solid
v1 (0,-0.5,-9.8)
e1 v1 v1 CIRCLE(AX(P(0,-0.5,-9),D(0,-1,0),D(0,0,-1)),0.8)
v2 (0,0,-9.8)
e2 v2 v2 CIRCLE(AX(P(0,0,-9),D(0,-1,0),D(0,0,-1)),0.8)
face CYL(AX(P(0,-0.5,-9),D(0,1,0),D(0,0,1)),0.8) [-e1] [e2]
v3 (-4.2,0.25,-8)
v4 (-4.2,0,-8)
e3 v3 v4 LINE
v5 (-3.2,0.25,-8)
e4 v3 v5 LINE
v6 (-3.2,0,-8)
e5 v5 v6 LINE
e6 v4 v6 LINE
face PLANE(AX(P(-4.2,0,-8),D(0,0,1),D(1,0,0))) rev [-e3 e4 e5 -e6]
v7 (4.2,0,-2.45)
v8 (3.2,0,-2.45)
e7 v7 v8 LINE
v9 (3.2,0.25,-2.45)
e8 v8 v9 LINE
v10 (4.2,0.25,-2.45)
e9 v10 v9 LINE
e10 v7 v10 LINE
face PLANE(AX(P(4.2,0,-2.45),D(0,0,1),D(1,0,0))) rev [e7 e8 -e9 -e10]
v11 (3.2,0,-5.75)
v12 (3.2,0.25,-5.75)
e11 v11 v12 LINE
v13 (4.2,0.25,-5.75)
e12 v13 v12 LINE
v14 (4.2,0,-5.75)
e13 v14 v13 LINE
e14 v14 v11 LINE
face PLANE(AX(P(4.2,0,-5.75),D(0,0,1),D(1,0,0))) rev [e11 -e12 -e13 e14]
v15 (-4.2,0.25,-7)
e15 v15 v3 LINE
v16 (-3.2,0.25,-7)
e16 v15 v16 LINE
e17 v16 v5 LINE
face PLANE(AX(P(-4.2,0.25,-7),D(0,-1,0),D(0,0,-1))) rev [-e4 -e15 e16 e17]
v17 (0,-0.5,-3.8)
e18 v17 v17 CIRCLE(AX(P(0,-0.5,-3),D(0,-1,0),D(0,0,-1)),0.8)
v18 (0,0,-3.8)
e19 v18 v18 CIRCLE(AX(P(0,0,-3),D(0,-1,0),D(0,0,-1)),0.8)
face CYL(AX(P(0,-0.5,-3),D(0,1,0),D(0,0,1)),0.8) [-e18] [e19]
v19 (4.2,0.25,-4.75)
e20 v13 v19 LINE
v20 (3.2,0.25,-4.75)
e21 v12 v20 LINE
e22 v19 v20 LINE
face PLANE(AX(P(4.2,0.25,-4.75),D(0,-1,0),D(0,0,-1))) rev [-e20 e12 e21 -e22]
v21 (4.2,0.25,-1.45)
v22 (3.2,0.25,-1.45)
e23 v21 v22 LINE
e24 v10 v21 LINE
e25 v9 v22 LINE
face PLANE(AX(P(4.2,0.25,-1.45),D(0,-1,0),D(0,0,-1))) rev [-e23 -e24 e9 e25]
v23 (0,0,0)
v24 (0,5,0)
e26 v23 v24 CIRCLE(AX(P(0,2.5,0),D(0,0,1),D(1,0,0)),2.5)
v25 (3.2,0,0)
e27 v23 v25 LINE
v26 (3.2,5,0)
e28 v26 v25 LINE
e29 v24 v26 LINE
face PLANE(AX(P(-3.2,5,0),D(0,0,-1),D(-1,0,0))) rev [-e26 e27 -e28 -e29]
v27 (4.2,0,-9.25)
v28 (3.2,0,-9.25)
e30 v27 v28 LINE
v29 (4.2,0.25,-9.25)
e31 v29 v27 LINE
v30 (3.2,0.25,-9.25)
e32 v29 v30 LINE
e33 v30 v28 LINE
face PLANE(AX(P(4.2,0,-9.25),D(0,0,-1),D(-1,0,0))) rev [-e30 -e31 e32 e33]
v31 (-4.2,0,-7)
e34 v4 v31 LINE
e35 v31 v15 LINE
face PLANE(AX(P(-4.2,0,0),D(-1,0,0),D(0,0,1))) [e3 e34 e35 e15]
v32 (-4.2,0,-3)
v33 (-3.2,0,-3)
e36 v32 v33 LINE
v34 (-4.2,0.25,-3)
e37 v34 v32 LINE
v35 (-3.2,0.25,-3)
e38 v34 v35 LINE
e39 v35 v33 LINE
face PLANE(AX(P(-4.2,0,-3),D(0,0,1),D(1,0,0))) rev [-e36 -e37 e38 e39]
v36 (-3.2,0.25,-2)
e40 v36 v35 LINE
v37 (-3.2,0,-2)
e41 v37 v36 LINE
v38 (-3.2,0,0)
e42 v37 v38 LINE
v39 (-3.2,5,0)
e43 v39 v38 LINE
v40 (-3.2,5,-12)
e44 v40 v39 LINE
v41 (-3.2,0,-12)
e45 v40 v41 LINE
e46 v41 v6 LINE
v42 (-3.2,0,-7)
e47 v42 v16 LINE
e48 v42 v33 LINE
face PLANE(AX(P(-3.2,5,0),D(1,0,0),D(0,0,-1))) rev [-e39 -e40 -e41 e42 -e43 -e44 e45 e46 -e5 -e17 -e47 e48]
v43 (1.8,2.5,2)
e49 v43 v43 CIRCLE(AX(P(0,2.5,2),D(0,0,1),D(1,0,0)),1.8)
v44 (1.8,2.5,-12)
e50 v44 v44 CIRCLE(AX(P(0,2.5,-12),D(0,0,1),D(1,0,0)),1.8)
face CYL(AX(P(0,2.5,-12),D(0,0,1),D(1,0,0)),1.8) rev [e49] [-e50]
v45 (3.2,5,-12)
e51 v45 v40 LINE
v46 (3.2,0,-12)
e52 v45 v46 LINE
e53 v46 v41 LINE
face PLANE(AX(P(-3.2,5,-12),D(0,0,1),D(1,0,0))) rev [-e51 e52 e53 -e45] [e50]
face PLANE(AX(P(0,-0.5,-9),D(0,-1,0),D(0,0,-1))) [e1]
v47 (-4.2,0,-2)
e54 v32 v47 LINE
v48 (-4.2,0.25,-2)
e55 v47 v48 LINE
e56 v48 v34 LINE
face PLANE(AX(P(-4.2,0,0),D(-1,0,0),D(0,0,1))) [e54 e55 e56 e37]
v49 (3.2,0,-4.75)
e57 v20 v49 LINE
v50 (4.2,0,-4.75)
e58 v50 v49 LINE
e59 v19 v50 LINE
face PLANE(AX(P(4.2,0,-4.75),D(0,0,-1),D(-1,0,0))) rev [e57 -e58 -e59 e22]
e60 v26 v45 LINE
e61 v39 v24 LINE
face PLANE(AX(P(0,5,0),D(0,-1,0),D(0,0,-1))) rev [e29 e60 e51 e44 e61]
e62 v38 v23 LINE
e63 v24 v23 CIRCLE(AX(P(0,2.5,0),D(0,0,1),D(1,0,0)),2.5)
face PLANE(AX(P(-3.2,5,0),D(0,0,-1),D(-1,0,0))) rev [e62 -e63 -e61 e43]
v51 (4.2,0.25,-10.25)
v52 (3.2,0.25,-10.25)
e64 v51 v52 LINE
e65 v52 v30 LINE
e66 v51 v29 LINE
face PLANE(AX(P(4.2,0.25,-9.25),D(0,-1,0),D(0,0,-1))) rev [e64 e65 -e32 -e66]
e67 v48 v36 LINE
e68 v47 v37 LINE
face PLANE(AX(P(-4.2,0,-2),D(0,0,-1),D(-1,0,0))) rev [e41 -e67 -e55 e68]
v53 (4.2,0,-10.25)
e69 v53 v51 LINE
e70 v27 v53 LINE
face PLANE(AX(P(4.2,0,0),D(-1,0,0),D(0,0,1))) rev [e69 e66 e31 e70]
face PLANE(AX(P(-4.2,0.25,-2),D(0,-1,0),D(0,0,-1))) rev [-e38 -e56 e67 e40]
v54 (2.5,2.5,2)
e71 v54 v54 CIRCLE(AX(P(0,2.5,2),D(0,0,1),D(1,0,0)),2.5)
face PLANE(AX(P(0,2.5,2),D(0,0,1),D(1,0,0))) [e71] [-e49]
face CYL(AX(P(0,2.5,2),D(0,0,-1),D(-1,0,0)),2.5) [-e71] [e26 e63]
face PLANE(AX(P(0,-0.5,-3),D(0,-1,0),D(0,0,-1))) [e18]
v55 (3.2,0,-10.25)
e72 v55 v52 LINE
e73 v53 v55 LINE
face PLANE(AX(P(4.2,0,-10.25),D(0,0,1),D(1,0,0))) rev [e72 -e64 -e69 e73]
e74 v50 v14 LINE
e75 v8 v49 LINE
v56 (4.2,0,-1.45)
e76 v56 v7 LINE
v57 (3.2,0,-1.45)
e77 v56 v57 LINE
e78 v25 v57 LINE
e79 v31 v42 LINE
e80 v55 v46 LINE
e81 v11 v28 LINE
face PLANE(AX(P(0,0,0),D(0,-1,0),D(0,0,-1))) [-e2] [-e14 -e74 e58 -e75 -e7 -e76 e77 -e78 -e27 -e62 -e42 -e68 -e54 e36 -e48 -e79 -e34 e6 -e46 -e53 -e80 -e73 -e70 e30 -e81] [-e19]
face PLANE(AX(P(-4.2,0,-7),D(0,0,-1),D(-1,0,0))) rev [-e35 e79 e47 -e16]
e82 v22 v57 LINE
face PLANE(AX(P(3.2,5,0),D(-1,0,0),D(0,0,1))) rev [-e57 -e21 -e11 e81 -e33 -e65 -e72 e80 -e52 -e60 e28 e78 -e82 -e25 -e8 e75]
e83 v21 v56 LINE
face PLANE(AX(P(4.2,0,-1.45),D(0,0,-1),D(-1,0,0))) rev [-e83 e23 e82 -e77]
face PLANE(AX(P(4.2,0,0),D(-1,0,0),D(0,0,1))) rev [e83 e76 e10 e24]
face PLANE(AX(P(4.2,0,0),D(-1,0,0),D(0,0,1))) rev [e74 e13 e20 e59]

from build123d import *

# Parameters (mm, degrees)
SKETCH_1_W          = 6.4
SKETCH_1_H          = 12
EXTRUDE_1_DEPTH     = 5
SKETCH_2_R          = 2.5
EXTRUDE_2_DEPTH     = 2
SKETCH_3_R          = 0.8
EXTRUDE_3_DEPTH     = 0.5
SKETCH_4_W          = 1
SKETCH_4_H          = 0.25
EXTRUDE_4_DEPTH     = 1
SKETCH_5_R          = 1.8
CUT_EXTRUDE_1_DEPTH = 16.447977214
SKETCH_6_W          = 1
SKETCH_6_H          = 0.25
EXTRUDE_5_DEPTH     = 1


with BuildPart() as part:
    # 草图1 → 凸台-拉伸1 (new body)
    with BuildSketch(Plane(origin=(0, 0, 0), x_dir=(1, 0, 0), z_dir=(0, 1, 0))):
        with Locations((0, 6)):
            Rectangle(SKETCH_1_W, SKETCH_1_H)
    extrude(amount=EXTRUDE_1_DEPTH)

    # 草图2 → 凸台-拉伸2 (add)
    with BuildSketch(Plane.XY):
        with Locations(Location((0, 2.5, 0), (0, 0, 270))):
            Circle(SKETCH_2_R)
    extrude(amount=EXTRUDE_2_DEPTH)

    # 草图3 → 凸台-拉伸3 (add)
    with BuildSketch(Plane.XZ):
        with Locations(Location((0, -3, 0), (0, 0, 270))):
            Circle(SKETCH_3_R)
        with Locations(Location((0, -9, 0), (0, 0, 270))):
            Circle(SKETCH_3_R)
    extrude(amount=EXTRUDE_3_DEPTH)

    # 草图4 → 凸台-拉伸4 (add)
    with BuildSketch(Plane(origin=(3.2, 0, 0), x_dir=(0, 0, -1), z_dir=(1, 0, 0))):
        with Locations((1.95, 0.125)):
            Rectangle(SKETCH_4_W, SKETCH_4_H)
        with Locations((5.25, 0.125)):
            Rectangle(SKETCH_4_W, SKETCH_4_H)
        with Locations((9.75, 0.125)):
            Rectangle(SKETCH_4_W, SKETCH_4_H)
    extrude(amount=EXTRUDE_4_DEPTH)

    # 草图5 → 切除-拉伸1 (cut, through all)
    with BuildSketch(Plane.XY.offset(2)):
        with Locations((0, 2.5)):
            Circle(SKETCH_5_R)
    extrude(amount=-CUT_EXTRUDE_1_DEPTH, mode=Mode.SUBTRACT)

    # 草图6 → 凸台-拉伸5 (add)
    with BuildSketch(Plane.ZY.offset(3.2)):
        with Locations((-2.5, 0.125)):
            Rectangle(SKETCH_6_W, SKETCH_6_H)
        with Locations((-7.5, 0.125)):
            Rectangle(SKETCH_6_W, SKETCH_6_H)
    extrude(amount=EXTRUDE_5_DEPTH)


solid = part.part
